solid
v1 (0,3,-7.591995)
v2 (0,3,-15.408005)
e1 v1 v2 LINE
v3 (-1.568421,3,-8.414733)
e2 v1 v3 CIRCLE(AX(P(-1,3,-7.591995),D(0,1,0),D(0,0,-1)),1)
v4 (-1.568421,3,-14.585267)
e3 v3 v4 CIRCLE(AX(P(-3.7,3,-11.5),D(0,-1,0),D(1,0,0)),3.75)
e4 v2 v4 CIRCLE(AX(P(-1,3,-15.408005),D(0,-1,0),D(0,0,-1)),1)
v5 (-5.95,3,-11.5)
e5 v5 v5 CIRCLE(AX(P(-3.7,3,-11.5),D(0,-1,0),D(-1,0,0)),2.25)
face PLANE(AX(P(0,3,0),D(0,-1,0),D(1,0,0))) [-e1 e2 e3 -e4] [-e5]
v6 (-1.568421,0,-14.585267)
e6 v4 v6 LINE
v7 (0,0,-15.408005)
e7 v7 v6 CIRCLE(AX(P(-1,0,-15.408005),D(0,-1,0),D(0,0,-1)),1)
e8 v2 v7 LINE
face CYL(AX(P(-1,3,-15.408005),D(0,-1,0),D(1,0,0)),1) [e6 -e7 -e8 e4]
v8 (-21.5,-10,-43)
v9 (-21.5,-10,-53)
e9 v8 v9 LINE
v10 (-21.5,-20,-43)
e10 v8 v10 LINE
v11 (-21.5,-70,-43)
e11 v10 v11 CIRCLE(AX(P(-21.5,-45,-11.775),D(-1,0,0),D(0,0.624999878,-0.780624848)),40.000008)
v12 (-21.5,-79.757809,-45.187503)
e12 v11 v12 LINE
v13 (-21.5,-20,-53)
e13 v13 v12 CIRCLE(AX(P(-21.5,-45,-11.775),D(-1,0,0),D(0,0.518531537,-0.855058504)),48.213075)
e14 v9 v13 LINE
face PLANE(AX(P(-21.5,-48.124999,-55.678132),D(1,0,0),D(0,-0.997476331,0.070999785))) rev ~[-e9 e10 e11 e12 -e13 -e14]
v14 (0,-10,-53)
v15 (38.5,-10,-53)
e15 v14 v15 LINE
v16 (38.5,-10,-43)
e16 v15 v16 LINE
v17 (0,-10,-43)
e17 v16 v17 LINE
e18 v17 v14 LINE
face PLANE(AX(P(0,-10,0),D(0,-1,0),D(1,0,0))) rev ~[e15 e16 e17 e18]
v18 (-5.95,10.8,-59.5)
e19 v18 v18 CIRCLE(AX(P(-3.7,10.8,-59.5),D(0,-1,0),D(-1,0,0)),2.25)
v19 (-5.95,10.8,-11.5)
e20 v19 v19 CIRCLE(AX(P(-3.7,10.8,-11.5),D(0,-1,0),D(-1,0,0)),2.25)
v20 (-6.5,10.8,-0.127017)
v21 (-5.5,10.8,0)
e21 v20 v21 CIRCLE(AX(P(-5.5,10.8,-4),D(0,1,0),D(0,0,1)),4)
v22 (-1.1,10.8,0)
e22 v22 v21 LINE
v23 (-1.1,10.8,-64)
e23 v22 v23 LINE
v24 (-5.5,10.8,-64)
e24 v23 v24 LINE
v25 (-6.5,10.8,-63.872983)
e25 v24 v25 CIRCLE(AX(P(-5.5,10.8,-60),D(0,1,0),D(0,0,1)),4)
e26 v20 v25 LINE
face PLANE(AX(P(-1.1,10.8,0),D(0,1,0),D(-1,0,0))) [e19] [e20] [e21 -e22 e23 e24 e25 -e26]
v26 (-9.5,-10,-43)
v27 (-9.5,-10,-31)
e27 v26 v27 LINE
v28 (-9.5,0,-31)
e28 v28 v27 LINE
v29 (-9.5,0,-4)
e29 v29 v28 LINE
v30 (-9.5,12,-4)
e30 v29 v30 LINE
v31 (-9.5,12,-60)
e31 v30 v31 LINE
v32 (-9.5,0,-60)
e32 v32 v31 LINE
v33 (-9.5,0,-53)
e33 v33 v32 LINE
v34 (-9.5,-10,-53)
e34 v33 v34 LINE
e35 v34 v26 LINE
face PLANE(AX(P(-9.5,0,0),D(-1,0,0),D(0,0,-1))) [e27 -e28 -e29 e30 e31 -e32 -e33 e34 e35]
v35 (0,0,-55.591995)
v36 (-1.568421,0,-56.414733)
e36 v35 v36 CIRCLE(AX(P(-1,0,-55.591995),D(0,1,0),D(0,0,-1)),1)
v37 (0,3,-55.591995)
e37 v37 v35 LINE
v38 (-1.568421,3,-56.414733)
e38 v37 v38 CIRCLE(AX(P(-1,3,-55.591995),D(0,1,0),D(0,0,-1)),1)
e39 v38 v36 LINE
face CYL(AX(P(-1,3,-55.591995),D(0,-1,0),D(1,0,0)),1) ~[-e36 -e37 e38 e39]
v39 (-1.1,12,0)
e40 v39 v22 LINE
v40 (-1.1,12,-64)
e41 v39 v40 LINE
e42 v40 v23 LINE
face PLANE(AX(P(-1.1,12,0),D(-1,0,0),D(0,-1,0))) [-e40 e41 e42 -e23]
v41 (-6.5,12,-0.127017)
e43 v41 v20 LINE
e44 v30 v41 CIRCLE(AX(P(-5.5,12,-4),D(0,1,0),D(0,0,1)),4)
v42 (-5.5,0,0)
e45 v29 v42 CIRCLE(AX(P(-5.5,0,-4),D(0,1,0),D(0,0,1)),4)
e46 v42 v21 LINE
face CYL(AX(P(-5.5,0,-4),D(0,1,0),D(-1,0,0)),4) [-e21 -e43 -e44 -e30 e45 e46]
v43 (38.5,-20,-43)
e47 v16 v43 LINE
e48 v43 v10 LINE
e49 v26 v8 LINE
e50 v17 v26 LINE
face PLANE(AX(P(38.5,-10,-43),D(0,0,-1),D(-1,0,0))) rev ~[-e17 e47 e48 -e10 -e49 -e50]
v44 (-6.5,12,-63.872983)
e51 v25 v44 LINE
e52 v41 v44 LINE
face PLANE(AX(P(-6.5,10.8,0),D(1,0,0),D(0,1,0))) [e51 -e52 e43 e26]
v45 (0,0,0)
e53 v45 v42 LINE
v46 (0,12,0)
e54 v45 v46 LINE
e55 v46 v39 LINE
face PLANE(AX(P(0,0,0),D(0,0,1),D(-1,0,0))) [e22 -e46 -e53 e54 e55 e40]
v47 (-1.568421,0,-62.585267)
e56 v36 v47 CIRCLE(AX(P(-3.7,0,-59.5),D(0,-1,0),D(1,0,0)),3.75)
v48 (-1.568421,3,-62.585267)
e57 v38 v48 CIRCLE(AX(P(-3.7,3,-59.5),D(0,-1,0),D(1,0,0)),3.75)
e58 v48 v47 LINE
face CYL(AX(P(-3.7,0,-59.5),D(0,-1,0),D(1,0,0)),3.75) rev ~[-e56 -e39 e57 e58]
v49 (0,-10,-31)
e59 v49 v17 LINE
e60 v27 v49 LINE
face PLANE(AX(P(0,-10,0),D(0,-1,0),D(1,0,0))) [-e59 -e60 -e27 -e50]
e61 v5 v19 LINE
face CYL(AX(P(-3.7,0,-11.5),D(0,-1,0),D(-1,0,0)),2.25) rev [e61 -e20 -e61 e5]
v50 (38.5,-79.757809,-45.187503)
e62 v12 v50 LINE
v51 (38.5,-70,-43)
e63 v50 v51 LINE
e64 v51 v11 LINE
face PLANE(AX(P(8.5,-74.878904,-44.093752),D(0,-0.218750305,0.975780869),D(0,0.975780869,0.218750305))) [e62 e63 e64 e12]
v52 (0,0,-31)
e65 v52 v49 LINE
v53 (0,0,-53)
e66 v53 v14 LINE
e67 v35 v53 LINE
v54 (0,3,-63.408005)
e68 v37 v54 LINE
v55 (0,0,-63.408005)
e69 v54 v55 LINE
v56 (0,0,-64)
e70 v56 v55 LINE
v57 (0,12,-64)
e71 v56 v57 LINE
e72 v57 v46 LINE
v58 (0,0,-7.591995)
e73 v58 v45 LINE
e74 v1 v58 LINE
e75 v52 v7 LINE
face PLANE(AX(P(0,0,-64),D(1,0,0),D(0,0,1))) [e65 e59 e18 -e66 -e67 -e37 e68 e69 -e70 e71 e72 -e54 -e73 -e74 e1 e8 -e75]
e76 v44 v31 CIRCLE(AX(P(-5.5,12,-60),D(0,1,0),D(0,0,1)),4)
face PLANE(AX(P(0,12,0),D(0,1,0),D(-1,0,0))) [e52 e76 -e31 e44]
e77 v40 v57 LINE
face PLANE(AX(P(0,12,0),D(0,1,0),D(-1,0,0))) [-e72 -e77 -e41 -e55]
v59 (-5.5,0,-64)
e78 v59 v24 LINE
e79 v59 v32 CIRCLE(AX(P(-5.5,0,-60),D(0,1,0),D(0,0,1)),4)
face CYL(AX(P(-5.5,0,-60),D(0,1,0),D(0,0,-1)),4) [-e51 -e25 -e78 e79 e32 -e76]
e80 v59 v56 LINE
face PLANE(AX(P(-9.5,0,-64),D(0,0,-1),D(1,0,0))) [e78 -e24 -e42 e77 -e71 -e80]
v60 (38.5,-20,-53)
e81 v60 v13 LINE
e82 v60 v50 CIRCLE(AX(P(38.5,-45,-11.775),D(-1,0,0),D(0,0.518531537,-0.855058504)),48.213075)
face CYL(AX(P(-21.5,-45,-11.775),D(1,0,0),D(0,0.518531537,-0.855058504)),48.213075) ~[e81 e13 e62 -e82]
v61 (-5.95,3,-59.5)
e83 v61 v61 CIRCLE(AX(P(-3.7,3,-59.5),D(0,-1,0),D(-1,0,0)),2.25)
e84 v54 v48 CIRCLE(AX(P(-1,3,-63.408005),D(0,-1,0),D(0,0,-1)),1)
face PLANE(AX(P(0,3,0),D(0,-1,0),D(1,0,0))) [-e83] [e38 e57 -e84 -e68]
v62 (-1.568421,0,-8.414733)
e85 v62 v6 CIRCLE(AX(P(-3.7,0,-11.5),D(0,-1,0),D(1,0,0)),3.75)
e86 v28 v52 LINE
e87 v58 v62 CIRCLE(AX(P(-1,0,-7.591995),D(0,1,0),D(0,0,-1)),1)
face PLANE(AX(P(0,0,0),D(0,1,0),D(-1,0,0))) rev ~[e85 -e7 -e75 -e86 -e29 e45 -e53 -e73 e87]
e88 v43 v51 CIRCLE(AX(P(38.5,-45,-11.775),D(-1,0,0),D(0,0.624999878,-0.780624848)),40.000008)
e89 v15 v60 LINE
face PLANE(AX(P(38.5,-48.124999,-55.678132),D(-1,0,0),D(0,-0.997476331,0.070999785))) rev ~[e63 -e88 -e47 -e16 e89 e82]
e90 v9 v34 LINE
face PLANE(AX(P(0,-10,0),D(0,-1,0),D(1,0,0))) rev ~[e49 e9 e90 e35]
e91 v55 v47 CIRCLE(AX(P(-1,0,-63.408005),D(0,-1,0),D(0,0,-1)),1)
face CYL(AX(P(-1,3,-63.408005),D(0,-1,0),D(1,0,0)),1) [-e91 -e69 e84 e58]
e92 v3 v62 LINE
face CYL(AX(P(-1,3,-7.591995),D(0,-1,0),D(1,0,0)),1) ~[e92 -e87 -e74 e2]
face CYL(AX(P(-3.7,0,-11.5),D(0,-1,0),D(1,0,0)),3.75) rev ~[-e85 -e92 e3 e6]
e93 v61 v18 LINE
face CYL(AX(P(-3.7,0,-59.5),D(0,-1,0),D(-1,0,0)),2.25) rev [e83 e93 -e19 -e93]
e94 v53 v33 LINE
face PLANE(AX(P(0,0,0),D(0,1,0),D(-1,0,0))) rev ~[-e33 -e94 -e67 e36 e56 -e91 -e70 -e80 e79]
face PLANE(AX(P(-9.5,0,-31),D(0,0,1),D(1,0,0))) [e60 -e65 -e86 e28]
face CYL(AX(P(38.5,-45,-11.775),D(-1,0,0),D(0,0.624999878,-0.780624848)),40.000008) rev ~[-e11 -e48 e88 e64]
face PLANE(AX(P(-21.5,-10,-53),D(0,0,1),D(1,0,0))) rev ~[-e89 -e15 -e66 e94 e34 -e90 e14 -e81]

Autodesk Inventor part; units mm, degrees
ref_plane "YZ Plane" through (0, 0, 0) normal (1, 0, 0) x (0, 1, 0)
ref_plane "XZ Plane" through (0, 0, 0) normal (0, 1, 0) x (-1, 0, 0)
ref_plane "XY Plane" through (0, 0, 0) normal (0, 0, 1) x (1, 0, 0)
sketch "Sketch1" plane through (0, 0, 0) normal (0, 1, 0) x (-1, 0, 0)
  line L0 (0, 0) -> (9.5, 0)
  line L1 (9.5, 0) -> (9.5, -64)
  line L2 (9.5, -64) -> (0, -64)
  line L3 (0, -64) -> (0, 0)
  circle A0 centre (3.7, -11.5) radius 2.25
  circle A1 centre (3.7, -59.5) radius 2.25
  line L4 (3.7, -11.5) -> (3.7, -59.5) construction
  dimension "d1" = 9.5
  dimension "d2" = 64
  dimension "d3" = 4.5
  dimension "d4" = 48
  dimension "d6" = 3.7
  dimension "d17" = 4.5
extrude "Extrusion1" add sketch "Sketch1" along normal blind 12
sketch "Sketch2" plane through (-9.5, 0, 0) normal (0, 0, 1) x (1, 0, 0)
  line L0 (9.5, 12) -> (0, 12) projected
  line L1 (3, 12) -> (8.4, 12)
  line L2 (8.4, 12) -> (8.4, 10.8)
  line L3 (8.4, 10.8) -> (3, 10.8)
  line L4 (3, 10.8) -> (3, 12)
  line L5 (9.5, 0) -> (9.5, 12) projected
  line L6 (3.55, 0) -> (8.05, 0) projected
  line L7 (3.55, 12) -> (8.05, 12) projected
  line L8 (9.5, 0) -> (9.5, 12) projected
  line L9 (9.5, 0) -> (9.5, 12) projected
  line L10 (3.55, 12) -> (8.05, 12) projected
  line L11 (3.55, 12) -> (3.55, 0) projected
  line L12 (3.55, 12) -> (8.05, 12) projected
  line L13 (3.55, 0) -> (8.05, 0) projected
  line L14 (3.55, 12) -> (8.05, 12) projected
  line L15 (3.55, 0) -> (8.05, 0) projected
  line L16 (3.55, 12) -> (8.05, 12) projected
  line L17 (3.55, 0) -> (8.05, 0) projected
  dimension "d9" = 1.1
  dimension "d10" = 5.4
  dimension "d11" = 1.2
  dimension "d76" = 12
extrude "Extrusion2" cut sketch "Sketch2" against normal up to next
sketch "Sketch3" plane through (0, 0, 0) normal (0, -1, 0) x (1, 0, 0)
  circle A0 centre (-3.7, -11.5) radius 2.25 projected
  circle A1 centre (-3.7, -11.5) radius 3.75
  circle A2 centre (-3.7, -59.5) radius 2.25 projected
  circle A3 centre (-3.7, -59.5) radius 3.75
  point P0 (0, 0)
  dimension "d14" = 7.5
extrude "Extrusion3" cut sketch "Sketch3" against normal blind 3
fillet "Fillet1" radius 1 4 edges at (0, 1.5, -58.8897) (0, 1.5, -60.1103) (0, 1.5, -10.8897) (0, 1.5, -12.1103)
fillet "Fillet2" radius 4 2 edges at (-9.5, 6, -64) (-9.5, 6, 0)
sketch "Sketch28" plane through (0, 0, 0) normal (0, -1, 0) x (1, 0, 0)
  arc A0 (-1.5684, -56.4147) -> (0, -55.592) centre (-1, -55.592) ccw projected
  line L0 (0, -55.592) -> (0, -53)
  line L1 (0, -15.408) -> (0, -55.592) projected
  line L2 (-9.5, -60) -> (-9.5, -4) projected
  line L3 (0, -53) -> (-9.5, -53)
  line L4 (-9.5, -53) -> (-9.5, -31)
  line L5 (-9.5, -31) -> (0, -31)
  line L6 (0, -31) -> (0, -53)
  point P0 (0, 0)
  point P1 (0, -31)
  dimension "d107" = 2.592
  dimension "d108" = 22
extrude "Extrusion19" add sketch "Sketch28" along normal blind 10
sketch "Sketch29" plane through (0, -10, 0) normal (0, -1, 0) x (1, 0, 0)
  line L0 (-9.5, -53) -> (0, -53) projected
  line L1 (-9.5, -53) -> (38.5, -53)
  line L2 (38.5, -53) -> (38.5, -43)
  line L3 (38.5, -43) -> (-21.5, -43)
  line L4 (-21.5, -43) -> (-21.5, -53)
  line L5 (-21.5, -53) -> (-9.5, -53)
  point P0 (0, 0)
  dimension "d111" = 48
  dimension "d112" = 10
  dimension "d113" = 60
  dimension "d114" = 10
extrude "Extrusion20" add sketch "Sketch29" along normal blind 10
sketch "Sketch30" plane through (-21.5, -10, -53) normal (-1, 0, 0) x (0, 0, 1)
  arc A0 (10, -10) -> (10, -60) centre (41.225, -35) ccw
  point P0 (53, 10)
  dimension "d117" = 50
  dimension "d118" = 40
sketch "Sketch31" plane through (0, -20, 0) normal (0, -1, 0) x (1, 0, 0)
  line L0 (-21.5, -43) -> (-21.5, -53) projected
  line L1 (38.5, -43) -> (-21.5, -43) projected
  line L2 (-21.5, -53) -> (38.5, -53)
  line L3 (38.5, -53) -> (38.5, -43)
  line L4 (38.5, -43) -> (-21.5, -43)
  line L5 (-21.5, -43) -> (-21.5, -53)
  point P0 (0, 0)
sweep "Sweep1" add profiles "Sketch31" path "Sketch30"
properties part number "Back"
